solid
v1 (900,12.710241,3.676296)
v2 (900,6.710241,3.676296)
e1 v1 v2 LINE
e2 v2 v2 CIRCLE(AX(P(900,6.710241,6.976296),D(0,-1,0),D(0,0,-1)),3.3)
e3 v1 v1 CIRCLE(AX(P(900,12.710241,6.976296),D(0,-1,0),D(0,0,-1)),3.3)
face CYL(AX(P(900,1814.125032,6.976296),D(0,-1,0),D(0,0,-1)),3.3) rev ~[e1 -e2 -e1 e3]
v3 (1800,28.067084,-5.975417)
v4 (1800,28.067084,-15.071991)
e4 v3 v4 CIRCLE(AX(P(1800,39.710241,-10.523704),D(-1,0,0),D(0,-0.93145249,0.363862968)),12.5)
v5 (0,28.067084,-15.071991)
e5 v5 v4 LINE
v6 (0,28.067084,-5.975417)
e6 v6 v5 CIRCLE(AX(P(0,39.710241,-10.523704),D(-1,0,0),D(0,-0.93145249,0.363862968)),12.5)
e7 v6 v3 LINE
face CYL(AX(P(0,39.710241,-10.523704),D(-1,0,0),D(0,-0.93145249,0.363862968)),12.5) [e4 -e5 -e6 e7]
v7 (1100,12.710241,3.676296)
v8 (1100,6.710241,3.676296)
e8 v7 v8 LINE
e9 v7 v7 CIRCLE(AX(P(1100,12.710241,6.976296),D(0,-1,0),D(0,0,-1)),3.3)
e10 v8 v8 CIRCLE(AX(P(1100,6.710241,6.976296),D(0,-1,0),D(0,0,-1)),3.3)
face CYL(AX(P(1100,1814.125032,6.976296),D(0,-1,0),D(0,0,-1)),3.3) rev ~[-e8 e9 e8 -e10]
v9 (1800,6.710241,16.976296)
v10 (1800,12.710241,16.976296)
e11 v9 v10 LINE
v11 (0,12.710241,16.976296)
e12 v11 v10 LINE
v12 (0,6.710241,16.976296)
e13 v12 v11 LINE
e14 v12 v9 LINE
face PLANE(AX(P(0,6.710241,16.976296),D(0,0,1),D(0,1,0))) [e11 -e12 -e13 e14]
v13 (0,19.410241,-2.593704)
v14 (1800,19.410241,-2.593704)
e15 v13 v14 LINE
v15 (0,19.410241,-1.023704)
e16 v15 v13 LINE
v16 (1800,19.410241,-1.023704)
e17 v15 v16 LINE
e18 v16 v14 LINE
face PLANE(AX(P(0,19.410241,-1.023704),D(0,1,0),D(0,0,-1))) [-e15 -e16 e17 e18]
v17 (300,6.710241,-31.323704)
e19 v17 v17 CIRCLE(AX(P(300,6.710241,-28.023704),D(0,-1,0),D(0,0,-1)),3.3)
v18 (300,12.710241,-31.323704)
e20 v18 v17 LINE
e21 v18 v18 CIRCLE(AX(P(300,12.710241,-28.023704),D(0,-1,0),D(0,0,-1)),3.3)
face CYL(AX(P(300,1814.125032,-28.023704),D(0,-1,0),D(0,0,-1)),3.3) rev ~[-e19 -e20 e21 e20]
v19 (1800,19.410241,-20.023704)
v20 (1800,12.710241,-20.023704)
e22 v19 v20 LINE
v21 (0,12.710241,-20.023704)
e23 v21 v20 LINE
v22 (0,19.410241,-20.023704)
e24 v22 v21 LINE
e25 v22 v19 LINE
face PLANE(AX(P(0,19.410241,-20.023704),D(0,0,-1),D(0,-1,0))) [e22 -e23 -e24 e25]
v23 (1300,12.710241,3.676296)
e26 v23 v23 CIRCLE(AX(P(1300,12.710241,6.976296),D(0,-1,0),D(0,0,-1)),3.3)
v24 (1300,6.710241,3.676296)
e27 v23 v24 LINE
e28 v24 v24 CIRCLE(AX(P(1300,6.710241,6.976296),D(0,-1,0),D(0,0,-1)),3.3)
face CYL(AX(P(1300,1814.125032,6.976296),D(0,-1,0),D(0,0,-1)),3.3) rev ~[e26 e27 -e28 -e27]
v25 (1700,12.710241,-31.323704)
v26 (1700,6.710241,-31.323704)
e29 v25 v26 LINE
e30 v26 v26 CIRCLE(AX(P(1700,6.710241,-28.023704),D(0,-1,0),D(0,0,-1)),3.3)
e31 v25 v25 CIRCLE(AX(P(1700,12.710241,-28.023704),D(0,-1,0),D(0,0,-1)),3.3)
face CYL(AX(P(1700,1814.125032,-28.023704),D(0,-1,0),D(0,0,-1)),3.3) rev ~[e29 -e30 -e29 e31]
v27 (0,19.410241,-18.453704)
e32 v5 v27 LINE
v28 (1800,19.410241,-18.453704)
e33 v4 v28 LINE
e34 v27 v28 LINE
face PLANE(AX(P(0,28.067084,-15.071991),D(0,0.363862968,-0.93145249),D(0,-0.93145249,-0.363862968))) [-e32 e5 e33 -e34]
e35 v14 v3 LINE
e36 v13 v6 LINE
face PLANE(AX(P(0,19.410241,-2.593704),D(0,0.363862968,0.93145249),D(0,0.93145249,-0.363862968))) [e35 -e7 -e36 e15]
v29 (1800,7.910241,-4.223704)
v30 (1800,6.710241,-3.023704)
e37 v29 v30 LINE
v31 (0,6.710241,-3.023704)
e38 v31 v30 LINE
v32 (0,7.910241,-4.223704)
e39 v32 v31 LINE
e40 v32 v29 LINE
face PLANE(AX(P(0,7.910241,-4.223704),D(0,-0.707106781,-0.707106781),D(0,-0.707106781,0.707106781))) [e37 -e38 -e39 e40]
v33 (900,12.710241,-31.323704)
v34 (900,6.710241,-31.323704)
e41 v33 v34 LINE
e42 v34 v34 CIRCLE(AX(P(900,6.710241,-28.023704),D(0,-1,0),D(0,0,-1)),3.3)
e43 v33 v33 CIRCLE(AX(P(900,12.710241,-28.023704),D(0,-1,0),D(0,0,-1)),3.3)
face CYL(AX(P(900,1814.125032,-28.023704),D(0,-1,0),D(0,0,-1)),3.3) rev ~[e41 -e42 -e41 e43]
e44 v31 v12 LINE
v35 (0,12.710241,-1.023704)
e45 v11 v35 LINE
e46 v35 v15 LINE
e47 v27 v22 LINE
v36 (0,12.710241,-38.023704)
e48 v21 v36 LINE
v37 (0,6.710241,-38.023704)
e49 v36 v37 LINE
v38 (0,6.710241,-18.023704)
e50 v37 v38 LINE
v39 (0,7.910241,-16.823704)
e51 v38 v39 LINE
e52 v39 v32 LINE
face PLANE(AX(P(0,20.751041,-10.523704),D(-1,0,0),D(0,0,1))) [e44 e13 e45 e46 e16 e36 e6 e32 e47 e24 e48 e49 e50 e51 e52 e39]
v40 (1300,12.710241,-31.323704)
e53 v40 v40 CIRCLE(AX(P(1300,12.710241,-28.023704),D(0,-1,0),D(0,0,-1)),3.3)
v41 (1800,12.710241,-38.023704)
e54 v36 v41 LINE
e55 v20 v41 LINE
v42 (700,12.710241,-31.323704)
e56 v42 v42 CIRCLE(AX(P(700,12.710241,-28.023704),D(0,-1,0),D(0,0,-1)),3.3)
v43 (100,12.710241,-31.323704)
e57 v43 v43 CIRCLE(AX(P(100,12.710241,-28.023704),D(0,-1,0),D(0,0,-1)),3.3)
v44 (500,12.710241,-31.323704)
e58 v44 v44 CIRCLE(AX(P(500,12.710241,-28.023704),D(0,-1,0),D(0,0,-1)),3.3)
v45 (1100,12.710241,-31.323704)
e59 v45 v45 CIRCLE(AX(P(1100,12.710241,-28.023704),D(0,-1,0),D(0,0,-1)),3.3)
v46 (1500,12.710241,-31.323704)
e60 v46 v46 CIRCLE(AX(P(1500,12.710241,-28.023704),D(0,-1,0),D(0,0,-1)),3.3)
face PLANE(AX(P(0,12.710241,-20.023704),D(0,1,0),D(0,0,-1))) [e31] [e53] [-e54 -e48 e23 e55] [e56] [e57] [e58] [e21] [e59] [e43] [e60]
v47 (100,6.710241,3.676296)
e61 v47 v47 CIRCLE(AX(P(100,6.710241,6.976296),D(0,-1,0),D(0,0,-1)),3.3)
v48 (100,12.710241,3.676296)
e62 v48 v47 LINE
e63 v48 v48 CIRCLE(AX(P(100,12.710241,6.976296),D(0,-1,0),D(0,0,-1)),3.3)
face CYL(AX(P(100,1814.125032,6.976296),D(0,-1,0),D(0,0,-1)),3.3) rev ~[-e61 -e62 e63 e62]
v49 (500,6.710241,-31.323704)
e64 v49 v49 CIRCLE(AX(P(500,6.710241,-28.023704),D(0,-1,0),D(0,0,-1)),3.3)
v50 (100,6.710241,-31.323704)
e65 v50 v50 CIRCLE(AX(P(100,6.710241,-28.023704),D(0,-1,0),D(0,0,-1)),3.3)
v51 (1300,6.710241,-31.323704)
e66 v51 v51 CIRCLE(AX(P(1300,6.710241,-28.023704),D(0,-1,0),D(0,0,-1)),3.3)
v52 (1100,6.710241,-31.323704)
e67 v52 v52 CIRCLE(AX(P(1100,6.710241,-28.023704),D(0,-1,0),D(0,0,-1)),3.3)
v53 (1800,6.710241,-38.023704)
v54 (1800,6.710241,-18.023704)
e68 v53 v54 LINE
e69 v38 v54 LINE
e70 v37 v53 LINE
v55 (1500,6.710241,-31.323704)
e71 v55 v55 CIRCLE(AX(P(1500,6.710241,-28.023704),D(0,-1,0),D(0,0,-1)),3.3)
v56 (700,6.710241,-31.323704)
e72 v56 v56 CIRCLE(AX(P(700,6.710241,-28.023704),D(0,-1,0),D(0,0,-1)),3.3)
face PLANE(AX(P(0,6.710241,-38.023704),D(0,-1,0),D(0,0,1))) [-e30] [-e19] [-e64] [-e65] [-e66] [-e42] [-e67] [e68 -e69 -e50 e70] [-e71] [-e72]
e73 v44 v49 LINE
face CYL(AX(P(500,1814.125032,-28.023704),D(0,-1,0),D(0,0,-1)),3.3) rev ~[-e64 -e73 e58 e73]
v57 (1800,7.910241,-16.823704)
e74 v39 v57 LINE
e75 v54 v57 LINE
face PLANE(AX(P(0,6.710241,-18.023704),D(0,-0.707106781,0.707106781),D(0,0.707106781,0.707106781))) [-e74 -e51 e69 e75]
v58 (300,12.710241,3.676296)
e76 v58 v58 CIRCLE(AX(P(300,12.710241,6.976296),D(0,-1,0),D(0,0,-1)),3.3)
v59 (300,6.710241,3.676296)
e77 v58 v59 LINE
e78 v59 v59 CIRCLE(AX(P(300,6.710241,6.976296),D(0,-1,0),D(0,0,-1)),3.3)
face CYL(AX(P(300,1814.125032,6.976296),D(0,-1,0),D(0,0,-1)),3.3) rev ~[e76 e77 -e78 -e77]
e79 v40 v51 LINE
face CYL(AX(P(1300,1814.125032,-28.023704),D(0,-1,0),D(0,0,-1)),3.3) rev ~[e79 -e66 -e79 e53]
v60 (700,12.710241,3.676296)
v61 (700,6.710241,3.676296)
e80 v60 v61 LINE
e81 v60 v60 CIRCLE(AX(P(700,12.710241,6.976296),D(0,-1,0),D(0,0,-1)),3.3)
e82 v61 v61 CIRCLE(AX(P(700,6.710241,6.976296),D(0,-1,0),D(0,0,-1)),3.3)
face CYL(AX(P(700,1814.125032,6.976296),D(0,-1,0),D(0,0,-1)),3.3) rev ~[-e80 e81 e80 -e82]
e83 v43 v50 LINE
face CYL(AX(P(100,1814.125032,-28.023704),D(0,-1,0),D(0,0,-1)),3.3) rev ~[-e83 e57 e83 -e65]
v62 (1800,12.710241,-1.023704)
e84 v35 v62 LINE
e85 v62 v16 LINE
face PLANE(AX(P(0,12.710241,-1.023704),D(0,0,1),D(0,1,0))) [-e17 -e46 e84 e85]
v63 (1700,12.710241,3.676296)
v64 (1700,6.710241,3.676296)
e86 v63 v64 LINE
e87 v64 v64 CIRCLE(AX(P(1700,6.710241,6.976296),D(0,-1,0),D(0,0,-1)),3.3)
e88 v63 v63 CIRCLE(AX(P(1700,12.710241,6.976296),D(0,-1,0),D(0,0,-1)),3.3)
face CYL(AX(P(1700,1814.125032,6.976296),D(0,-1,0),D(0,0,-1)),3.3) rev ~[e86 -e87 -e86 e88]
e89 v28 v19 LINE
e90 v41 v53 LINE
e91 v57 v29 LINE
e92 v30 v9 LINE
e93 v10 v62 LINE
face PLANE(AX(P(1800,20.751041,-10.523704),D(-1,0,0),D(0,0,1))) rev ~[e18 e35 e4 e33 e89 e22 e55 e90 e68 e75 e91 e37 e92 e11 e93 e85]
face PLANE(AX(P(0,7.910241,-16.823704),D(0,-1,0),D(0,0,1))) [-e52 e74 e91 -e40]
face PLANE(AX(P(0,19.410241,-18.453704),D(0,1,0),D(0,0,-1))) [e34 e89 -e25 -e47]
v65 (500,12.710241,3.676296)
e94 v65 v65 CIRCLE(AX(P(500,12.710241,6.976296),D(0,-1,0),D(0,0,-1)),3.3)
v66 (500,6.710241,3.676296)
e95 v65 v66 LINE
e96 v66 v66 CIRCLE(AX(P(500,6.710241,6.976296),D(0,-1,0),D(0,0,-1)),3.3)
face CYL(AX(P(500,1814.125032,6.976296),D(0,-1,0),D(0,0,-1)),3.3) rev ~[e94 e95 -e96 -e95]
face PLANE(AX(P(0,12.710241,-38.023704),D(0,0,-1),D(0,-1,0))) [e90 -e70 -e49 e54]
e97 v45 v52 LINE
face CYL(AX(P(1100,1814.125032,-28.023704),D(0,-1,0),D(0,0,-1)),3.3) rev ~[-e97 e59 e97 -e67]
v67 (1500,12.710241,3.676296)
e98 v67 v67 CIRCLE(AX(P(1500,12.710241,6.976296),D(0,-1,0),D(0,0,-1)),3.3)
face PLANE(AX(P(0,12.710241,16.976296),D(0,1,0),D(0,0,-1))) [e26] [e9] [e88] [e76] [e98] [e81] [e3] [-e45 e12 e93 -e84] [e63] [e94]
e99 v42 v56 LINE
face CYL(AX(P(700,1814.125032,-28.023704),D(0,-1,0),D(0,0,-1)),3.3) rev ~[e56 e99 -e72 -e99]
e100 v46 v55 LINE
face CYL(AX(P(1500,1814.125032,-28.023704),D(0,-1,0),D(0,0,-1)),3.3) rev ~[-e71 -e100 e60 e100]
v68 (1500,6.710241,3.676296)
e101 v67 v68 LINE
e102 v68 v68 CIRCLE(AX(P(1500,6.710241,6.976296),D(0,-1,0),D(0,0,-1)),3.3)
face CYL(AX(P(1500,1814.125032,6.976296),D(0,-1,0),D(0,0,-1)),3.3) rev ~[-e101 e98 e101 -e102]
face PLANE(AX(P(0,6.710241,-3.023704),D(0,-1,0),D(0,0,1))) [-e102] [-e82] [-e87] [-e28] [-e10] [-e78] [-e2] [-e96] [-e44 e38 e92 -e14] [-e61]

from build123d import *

# Parameters (mm, degrees)
EXTRUDE_1_DEPTH         = 1800
HOLE_WIZARD_6_6_6_6_1_D = 6.6
PATTERN_LINEAR_1_COUNT  = 9
PATTERN_LINEAR_1_PITCH  = 200


with BuildPart() as part:
    # 草图1 → 凸台-拉伸1 (new body)
    with BuildSketch(Plane(origin=(0, 0, 0), x_dir=(0, 0, -1), z_dir=(1, 0, 0))):
        with BuildLine():
            Line((38.023703704, 12.710240583), (38.023703704, 6.710240583))
            Line((38.023703704, 6.710240583), (18.023703704, 6.710240583))
            Line((18.023703704, 6.710240583), (16.823703704, 7.910240583))
            Line((16.823703704, 7.910240583), (4.223703704, 7.910240583))
            Line((4.223703704, 7.910240583), (3.023703704, 6.710240583))
            Line((3.023703704, 6.710240583), (-16.976296296, 6.710240583))
            Line((-16.976296296, 6.710240583), (-16.976296296, 12.710240583))
            Line((-16.976296296, 12.710240583), (1.023703704, 12.710240583))
            Line((1.023703704, 12.710240583), (1.023703704, 19.410240583))
            Line((1.023703704, 19.410240583), (2.593703704, 19.410240583))
            Line((2.593703704, 19.410240583), (5.975416608, 28.06708446))
            ThreePointArc((5.975416608, 28.06708446), (10.523703704, 52.210240583), (15.0719908, 28.06708446))
            Line((15.0719908, 28.06708446), (18.453703704, 19.410240583))
            Line((18.453703704, 19.410240583), (20.023703704, 19.410240583))
            Line((20.023703704, 19.410240583), (20.023703704, 12.710240583))
            Line((20.023703704, 12.710240583), (38.023703704, 12.710240583))
        make_face()
    extrude(amount=EXTRUDE_1_DEPTH)

    # Ø6.6 (6.6) 直径孔1 (through all)
    with Locations(Plane(origin=(100, 12.710240583, -28.023703704), x_dir=(0, 0, 1), z_dir=(0, 1, 0))):
        with Locations((0, 0), (35, 0)):
            hole_wizard_6_6_6_6_1 = Hole(HOLE_WIZARD_6_6_6_6_1_D / 2)

    # 阵列(线性)1: Ø6.6 (6.6) 直径孔1 ×9
    with Locations(*[(i * PATTERN_LINEAR_1_PITCH, 0, 0) for i in range(1, PATTERN_LINEAR_1_COUNT)]):
        add(hole_wizard_6_6_6_6_1, mode=Mode.SUBTRACT)


solid = part.part
